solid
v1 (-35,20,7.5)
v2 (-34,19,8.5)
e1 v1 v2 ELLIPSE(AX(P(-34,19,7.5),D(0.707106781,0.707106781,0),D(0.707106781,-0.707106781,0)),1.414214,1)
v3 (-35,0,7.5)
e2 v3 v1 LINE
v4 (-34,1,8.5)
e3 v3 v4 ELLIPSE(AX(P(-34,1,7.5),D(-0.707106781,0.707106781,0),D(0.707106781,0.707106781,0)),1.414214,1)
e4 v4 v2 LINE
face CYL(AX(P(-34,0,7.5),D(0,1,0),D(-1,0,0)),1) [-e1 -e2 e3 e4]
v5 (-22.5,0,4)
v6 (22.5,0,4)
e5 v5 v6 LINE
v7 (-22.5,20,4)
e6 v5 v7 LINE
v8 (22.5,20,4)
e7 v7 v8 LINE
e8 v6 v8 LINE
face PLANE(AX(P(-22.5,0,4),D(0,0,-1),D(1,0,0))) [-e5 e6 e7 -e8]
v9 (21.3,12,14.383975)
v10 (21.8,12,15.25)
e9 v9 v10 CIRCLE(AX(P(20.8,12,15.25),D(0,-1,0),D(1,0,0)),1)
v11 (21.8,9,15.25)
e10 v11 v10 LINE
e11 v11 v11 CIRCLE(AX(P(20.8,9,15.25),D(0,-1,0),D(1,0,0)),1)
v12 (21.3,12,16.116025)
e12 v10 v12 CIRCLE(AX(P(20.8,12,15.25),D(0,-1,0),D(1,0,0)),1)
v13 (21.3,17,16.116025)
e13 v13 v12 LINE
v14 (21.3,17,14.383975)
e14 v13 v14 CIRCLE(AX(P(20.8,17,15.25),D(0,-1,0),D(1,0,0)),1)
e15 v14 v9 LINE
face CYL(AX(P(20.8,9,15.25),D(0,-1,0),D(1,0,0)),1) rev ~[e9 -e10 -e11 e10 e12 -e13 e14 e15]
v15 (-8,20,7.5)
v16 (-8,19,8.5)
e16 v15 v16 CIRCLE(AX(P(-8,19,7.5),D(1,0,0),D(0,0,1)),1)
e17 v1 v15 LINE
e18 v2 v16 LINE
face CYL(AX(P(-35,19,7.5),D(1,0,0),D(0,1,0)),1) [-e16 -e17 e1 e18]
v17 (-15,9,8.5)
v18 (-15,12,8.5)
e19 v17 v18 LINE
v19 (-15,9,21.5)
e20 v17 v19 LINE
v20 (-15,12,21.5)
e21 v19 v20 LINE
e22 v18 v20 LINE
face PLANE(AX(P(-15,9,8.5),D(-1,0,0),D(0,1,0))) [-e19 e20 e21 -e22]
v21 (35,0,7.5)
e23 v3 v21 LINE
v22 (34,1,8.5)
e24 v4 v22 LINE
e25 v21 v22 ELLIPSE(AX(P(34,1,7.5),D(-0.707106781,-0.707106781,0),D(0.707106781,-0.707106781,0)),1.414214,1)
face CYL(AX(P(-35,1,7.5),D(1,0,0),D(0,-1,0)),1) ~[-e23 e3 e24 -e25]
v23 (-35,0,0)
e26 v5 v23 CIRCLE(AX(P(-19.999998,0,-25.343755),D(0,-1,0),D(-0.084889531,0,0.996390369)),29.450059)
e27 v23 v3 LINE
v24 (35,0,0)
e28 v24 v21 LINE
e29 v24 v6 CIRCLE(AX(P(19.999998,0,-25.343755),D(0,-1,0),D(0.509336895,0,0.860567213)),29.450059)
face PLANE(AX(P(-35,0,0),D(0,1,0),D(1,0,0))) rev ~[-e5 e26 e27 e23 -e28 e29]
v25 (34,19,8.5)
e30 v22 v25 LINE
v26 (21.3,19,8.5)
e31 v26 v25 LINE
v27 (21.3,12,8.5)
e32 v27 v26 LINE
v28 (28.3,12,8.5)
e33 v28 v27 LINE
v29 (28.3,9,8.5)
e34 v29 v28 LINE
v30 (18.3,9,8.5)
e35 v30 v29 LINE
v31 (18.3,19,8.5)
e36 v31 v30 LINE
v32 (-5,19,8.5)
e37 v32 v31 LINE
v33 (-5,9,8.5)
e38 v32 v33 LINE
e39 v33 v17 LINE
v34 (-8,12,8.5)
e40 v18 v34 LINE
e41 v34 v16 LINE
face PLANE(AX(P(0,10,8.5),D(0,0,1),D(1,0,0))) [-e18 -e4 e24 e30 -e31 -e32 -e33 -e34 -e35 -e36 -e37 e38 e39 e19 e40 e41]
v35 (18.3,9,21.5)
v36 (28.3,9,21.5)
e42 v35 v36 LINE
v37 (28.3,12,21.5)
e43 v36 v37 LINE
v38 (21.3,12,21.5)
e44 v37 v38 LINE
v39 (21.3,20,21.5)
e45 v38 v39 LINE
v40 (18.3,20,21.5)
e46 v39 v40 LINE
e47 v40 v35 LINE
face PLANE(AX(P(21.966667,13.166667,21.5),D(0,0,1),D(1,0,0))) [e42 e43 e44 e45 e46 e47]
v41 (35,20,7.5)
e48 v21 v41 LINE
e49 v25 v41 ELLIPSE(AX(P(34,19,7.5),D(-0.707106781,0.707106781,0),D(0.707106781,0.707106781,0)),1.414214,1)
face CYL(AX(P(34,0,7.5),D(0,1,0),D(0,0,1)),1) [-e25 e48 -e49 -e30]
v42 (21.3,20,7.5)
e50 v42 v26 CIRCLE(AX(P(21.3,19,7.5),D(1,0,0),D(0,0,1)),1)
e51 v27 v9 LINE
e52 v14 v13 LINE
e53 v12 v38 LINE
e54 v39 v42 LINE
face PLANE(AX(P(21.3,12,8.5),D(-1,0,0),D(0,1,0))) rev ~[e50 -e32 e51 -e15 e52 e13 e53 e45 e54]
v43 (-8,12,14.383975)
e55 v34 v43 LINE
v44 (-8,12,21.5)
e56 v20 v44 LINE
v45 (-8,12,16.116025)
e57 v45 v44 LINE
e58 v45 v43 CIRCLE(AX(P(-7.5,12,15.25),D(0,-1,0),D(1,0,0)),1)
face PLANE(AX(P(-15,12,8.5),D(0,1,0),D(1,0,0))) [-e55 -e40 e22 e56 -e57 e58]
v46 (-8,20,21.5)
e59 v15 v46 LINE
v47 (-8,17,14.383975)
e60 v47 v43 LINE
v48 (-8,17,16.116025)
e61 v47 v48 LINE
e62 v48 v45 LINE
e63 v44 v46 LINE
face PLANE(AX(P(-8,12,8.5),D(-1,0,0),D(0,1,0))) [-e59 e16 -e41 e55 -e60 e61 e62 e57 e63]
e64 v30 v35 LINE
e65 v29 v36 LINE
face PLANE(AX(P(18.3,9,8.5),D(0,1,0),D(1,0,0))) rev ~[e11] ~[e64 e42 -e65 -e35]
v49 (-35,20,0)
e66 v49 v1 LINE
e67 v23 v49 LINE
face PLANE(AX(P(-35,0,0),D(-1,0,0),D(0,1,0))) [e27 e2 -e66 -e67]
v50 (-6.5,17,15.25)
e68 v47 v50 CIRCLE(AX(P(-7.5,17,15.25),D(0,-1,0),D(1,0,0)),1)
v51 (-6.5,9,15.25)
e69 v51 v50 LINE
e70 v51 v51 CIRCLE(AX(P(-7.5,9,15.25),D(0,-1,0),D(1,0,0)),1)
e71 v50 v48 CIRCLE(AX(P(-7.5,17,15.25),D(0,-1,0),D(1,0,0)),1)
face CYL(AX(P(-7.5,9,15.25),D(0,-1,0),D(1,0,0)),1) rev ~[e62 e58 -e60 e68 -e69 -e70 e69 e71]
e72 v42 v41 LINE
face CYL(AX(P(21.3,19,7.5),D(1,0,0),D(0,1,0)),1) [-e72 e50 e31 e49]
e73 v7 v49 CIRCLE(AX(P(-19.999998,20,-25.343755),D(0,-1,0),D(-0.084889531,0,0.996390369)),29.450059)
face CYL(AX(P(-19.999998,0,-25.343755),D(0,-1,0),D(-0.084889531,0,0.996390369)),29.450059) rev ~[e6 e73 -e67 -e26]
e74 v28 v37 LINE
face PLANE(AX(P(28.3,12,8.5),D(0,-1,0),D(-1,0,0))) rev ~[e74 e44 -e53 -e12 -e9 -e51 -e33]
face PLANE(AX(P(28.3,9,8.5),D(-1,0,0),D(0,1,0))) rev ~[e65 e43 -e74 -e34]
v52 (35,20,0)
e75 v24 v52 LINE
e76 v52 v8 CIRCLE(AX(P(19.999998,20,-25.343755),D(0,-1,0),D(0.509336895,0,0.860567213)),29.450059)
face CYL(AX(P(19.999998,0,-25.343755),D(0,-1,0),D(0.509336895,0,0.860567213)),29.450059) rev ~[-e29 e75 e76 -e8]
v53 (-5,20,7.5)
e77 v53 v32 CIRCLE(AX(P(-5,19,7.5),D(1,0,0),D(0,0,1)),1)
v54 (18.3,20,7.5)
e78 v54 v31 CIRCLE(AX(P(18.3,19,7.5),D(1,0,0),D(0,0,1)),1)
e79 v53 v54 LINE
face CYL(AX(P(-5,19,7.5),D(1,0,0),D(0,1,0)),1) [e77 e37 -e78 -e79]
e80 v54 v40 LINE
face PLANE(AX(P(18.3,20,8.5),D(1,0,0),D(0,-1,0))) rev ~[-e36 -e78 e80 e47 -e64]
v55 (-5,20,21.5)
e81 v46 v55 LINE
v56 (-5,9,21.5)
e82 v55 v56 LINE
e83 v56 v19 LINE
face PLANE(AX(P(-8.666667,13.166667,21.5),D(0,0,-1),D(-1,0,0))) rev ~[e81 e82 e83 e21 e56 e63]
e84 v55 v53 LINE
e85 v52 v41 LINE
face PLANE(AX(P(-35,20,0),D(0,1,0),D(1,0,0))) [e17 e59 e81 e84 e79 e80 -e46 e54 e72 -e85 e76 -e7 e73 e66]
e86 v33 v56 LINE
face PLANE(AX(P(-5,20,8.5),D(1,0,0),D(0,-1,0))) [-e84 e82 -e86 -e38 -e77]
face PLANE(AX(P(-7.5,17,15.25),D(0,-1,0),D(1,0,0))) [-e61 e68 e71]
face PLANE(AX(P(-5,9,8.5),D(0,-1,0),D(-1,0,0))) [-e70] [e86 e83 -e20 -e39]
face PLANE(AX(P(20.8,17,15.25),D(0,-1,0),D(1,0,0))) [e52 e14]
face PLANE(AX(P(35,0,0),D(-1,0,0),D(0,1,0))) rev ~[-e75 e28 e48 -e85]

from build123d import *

# Parameters (mm, degrees)
SKETCH_W        = 70
SKETCH_H        = 20
PAD_DEPTH       = 8.5
POCKET_DEPTH    = 20
PAD001_DEPTH    = 13
SKETCH003_R     = 1
POCKET001_DEPTH = 8
FILLET_R        = 1


with BuildPart() as part:
    # Sketch → Pad (new body)
    with BuildSketch(Plane.XY):
        with Locations((0, 10)):
            Rectangle(SKETCH_W, SKETCH_H)
    extrude(amount=PAD_DEPTH)

    # Sketch001 (on Face3 of Pad) → Pocket (cut)
    with BuildSketch(Plane.XZ):
        with BuildLine():
            Line((-22.5, 4), (22.5, 4))
            ThreePointArc((35, 0), (28.975662, 2.705192), (22.5, 4))
            Line((-35, 0), (35, 0))
            ThreePointArc((-22.5, 4), (-28.975662, 2.705192), (-35, 0))
        make_face()
    extrude(amount=-POCKET_DEPTH, mode=Mode.SUBTRACT)

    # Sketch002 (on Face6 of Pocket) → Pad001 (join)
    with BuildSketch(Plane.XY.offset(8.5)):
        Polygon((-5, 9), (-15, 9), (-15, 12), (-8, 12), (-8, 20), (-5, 20), align=None)
        Polygon((18.3, 9), (28.3, 9), (28.3, 12), (21.3, 12), (21.3, 20), (18.3, 20), align=None)
    extrude(amount=PAD001_DEPTH)

    # Sketch003 (on Face17 of Pad001) → Pocket001 (cut)
    with BuildSketch(Plane.XZ.offset(-9)):
        with Locations((-7.5, 15.25)):
            Circle(SKETCH003_R)
        with Locations((20.8, 15.25)):
            Circle(SKETCH003_R)
    extrude(amount=-POCKET001_DEPTH, mode=Mode.SUBTRACT)

    # Fillet
    fillet_edges = [part.edges().sort_by_distance(p)[0] for p in [
        (-21.5, 20, 8.5),
        (-35, 10, 8.5),
        (0, 0, 8.5),
        (35, 10, 8.5),
        (6.65, 20, 8.5),
        (28.15, 20, 8.5),
    ]]
    fillet(fillet_edges, radius=FILLET_R)


solid = part.part
